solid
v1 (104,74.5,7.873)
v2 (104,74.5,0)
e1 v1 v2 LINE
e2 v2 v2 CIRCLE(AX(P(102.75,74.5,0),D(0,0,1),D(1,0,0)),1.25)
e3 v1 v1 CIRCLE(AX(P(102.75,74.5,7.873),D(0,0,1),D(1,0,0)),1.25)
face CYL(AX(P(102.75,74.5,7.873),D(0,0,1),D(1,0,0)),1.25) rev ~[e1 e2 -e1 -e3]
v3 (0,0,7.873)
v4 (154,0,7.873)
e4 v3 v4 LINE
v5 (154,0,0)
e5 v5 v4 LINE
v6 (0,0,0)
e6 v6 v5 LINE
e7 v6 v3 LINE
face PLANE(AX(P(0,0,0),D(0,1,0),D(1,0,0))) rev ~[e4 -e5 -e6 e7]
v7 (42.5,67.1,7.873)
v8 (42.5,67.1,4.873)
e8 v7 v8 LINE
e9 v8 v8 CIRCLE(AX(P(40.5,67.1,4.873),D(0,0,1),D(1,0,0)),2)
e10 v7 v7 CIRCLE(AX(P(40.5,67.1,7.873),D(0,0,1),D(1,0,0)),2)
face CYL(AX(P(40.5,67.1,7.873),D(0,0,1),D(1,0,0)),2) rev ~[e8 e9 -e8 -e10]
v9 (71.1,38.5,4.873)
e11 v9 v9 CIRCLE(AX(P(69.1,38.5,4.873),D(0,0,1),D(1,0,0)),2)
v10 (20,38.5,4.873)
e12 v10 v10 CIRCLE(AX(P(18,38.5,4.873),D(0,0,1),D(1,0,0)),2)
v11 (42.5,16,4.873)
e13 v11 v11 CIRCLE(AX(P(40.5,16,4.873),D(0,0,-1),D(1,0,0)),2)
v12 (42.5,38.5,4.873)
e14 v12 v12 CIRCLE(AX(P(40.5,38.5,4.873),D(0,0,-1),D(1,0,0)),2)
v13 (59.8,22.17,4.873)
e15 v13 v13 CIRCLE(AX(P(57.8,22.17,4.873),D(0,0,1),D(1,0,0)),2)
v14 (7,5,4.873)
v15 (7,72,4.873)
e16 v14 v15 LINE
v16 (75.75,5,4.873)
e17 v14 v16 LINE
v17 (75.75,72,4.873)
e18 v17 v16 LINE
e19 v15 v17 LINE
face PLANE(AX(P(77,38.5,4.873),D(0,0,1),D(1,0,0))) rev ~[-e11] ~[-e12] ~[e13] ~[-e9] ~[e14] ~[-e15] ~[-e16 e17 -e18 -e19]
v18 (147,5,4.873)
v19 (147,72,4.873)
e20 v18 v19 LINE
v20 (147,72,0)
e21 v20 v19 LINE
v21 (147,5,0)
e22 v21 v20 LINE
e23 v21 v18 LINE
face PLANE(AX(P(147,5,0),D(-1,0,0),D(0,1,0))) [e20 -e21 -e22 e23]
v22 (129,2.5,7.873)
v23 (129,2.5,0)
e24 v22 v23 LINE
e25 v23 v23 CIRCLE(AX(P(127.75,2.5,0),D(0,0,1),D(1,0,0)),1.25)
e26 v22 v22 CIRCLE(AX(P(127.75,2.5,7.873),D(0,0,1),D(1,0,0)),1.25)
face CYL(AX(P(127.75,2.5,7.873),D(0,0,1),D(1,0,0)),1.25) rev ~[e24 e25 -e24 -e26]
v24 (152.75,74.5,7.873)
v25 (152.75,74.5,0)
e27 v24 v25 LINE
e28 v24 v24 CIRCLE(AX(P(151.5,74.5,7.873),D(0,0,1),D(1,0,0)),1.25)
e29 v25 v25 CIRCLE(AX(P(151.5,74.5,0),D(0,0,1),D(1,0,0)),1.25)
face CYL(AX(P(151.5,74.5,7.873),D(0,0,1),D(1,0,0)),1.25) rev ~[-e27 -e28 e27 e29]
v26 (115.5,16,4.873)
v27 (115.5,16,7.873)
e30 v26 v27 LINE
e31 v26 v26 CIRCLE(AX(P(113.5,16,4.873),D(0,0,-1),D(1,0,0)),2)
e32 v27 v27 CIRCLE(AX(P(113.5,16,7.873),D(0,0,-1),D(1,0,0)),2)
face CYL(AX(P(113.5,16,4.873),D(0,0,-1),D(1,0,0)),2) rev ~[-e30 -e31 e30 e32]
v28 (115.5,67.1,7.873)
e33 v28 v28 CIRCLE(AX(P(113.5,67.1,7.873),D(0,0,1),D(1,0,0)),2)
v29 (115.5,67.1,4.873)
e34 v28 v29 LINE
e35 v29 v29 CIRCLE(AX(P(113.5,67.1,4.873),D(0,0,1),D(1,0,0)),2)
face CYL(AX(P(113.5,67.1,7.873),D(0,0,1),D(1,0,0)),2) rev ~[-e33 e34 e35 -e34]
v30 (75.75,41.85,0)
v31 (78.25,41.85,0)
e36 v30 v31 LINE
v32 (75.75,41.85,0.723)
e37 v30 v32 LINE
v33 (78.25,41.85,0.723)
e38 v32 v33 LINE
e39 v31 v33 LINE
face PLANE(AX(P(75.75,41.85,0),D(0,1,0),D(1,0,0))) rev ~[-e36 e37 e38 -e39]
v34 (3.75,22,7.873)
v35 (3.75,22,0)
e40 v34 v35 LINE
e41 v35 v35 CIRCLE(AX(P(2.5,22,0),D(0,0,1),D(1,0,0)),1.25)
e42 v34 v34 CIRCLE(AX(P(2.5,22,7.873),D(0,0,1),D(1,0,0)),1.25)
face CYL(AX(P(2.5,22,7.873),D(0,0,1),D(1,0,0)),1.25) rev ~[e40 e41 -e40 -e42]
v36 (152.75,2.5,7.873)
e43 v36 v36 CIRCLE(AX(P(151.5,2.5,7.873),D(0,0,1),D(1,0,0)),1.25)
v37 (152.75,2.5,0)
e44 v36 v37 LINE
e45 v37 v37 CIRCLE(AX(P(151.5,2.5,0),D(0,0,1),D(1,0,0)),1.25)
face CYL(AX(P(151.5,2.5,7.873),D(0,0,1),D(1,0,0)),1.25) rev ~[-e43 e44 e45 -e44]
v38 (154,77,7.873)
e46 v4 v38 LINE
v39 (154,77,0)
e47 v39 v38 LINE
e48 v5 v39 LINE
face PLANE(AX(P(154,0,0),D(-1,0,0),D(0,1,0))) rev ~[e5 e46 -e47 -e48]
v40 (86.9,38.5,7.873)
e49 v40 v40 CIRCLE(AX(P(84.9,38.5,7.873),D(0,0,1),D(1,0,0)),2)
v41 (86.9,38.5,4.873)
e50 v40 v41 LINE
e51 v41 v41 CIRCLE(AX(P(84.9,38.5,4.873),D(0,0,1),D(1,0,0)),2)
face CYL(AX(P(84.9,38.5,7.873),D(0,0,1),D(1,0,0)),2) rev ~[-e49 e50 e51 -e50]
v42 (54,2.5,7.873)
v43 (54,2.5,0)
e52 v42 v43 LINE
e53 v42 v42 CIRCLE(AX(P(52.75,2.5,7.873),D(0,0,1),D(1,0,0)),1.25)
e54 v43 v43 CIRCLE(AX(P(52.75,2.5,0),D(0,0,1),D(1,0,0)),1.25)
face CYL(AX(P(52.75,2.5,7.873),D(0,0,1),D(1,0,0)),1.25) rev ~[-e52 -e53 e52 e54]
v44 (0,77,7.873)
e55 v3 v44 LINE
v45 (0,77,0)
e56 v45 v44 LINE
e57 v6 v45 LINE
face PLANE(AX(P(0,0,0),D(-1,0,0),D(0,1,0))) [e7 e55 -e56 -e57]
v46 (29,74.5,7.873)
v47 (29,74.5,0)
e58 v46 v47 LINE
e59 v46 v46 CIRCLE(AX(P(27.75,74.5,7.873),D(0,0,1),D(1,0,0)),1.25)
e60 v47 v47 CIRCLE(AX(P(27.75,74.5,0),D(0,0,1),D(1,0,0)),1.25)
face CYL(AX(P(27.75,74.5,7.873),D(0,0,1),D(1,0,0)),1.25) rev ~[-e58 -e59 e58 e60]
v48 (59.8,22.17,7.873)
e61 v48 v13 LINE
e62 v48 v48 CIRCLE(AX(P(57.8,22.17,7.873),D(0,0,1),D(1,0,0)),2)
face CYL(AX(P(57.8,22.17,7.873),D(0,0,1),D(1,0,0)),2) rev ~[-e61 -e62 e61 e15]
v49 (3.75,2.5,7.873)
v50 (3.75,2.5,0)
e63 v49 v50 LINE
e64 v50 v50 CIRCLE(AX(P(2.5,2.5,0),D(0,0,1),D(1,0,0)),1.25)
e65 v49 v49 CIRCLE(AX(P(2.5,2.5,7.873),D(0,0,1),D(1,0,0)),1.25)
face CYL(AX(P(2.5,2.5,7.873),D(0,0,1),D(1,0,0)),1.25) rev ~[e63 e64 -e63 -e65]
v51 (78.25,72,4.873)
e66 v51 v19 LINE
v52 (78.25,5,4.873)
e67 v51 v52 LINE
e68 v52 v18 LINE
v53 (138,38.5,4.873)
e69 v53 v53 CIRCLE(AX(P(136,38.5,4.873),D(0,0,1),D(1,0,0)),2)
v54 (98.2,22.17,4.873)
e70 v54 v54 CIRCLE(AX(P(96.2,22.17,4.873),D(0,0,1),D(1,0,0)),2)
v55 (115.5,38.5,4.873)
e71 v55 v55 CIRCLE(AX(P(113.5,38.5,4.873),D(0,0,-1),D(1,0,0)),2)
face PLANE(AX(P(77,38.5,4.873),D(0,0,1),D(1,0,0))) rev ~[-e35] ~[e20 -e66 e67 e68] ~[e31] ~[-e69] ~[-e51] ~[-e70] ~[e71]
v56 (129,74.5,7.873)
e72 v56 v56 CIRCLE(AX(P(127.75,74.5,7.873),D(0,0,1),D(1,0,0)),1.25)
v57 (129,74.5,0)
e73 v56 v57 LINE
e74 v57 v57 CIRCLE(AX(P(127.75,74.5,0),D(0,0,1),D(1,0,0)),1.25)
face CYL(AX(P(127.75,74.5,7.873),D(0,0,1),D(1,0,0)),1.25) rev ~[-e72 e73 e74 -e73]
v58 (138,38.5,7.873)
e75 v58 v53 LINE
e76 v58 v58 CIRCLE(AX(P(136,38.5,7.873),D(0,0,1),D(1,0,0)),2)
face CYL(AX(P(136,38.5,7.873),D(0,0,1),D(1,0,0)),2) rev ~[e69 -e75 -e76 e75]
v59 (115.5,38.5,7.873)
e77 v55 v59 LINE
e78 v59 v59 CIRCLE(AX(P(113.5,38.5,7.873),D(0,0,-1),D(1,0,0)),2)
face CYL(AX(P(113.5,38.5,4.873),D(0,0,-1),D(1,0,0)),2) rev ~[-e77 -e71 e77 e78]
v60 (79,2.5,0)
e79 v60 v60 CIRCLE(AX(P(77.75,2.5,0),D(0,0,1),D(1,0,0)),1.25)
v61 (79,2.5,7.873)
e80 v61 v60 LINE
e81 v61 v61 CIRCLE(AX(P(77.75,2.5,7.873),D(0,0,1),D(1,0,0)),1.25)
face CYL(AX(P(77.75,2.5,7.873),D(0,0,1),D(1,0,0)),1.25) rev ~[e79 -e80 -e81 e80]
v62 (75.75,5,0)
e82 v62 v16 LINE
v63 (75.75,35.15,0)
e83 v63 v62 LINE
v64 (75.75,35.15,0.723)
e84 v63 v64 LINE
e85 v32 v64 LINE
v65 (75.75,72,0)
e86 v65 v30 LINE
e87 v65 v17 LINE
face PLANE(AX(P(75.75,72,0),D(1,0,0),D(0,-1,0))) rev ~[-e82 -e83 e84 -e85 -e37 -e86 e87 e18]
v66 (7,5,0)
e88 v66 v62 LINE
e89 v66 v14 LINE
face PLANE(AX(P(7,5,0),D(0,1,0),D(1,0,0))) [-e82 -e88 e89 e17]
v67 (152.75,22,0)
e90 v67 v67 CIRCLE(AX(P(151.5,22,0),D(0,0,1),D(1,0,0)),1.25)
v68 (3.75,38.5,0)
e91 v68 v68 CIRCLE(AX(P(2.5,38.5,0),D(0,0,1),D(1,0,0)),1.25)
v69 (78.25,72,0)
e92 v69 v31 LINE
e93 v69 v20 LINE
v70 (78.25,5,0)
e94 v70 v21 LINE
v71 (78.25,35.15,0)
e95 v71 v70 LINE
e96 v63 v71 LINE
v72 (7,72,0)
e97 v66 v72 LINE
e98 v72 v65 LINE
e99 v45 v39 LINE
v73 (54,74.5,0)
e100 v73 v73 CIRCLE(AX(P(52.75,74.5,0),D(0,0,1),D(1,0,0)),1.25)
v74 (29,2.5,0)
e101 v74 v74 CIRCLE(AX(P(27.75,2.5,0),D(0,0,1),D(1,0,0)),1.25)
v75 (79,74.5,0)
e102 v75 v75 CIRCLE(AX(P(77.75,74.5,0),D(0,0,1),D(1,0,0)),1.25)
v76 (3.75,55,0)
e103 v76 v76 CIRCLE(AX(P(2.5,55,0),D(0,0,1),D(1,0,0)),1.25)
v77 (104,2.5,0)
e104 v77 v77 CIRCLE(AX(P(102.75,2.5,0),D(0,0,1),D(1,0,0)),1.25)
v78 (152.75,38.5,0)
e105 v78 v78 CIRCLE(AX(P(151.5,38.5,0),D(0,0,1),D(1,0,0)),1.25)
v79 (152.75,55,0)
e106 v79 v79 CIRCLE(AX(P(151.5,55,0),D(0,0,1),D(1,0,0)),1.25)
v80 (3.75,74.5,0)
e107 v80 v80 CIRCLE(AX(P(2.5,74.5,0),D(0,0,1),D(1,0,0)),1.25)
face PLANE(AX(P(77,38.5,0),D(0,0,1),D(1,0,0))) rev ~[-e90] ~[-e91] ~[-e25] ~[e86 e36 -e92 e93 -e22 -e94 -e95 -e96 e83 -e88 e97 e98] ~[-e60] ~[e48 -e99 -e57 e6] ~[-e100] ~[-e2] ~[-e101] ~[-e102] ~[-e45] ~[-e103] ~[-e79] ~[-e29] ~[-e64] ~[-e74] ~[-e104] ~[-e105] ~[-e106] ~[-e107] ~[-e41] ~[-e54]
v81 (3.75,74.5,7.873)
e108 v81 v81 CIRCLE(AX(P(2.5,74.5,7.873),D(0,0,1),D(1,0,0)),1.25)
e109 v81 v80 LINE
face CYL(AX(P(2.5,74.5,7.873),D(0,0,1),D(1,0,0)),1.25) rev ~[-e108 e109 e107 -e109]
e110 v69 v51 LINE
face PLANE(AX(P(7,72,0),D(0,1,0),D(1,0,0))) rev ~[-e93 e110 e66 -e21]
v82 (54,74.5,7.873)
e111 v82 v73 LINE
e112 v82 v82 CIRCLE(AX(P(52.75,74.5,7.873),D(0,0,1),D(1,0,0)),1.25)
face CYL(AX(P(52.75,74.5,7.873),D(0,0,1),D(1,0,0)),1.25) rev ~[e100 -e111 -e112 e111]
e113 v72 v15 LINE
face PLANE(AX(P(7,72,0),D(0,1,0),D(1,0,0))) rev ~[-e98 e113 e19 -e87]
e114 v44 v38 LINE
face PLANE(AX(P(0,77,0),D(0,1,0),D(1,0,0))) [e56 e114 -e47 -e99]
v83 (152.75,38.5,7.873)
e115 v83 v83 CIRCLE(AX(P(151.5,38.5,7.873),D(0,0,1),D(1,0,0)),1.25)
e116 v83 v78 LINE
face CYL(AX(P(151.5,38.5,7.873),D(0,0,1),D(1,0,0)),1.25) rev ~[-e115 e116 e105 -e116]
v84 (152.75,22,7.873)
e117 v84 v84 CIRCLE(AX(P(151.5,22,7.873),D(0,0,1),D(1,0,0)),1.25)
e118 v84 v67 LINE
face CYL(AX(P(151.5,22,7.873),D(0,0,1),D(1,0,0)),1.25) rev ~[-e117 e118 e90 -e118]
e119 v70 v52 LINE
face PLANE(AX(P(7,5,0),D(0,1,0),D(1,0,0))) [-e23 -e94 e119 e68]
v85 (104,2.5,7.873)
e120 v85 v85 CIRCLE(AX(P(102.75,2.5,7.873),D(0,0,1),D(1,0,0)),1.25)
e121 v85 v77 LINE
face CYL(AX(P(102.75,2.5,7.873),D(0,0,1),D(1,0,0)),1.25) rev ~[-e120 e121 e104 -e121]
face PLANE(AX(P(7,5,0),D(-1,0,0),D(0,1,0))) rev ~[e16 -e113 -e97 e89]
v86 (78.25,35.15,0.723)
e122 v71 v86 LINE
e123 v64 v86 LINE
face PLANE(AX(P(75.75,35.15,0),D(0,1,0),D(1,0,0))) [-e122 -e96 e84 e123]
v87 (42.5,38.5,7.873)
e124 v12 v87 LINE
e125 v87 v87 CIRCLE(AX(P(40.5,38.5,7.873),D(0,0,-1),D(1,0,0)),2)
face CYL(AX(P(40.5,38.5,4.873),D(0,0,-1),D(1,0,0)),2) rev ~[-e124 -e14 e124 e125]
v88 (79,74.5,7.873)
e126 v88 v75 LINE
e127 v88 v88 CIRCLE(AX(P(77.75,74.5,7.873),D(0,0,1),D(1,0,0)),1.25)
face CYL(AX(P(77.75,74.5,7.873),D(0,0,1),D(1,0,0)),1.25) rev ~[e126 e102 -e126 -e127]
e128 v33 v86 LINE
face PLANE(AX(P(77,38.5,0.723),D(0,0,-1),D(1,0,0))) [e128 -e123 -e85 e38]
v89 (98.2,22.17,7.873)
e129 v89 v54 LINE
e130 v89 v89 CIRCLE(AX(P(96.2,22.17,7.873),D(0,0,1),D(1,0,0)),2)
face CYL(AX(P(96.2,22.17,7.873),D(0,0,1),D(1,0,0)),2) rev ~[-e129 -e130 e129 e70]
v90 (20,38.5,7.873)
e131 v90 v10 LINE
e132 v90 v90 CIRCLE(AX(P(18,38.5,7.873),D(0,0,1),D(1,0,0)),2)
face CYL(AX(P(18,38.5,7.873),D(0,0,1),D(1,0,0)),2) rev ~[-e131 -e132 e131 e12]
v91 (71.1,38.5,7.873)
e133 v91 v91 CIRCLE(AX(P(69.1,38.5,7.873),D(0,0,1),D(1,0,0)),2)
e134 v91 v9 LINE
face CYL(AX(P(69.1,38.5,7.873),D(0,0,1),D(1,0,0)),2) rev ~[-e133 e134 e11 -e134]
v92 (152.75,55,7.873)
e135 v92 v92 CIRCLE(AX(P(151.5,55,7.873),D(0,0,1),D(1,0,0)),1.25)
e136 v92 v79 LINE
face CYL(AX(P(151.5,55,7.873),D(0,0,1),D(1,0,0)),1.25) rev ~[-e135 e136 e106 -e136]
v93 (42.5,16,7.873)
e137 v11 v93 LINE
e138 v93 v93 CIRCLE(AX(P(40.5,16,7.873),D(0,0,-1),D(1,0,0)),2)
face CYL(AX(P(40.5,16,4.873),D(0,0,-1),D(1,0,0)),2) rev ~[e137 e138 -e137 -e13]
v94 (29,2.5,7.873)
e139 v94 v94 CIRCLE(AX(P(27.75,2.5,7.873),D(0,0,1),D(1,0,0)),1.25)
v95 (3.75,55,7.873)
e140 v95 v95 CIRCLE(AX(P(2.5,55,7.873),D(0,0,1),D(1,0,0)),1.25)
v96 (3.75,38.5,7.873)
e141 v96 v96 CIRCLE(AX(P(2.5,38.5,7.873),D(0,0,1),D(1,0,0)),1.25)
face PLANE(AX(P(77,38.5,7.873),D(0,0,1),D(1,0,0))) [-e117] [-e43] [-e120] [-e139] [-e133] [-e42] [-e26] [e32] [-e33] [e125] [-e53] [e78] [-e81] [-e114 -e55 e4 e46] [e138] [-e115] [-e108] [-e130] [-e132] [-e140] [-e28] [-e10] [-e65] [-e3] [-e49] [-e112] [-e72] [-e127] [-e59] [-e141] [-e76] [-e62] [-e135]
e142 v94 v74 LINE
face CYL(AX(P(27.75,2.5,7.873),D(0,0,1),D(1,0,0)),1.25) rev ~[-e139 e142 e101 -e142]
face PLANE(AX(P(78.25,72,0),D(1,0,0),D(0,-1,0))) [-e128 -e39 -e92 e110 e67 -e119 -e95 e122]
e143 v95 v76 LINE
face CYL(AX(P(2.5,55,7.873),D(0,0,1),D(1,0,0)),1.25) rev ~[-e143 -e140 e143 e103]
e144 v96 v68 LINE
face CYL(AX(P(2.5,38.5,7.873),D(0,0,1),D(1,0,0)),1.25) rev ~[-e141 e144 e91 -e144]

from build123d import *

# Parameters (mm, degrees)
F0_W      = 154
F0_H      = 77
F1_DEPTH  = 7.873
F2_W      = 140
F2_H      = 67
F3_DEPTH  = 4.873
F4_R      = 1.25
F5_DEPTH  = 7.873
F6_R      = 1.25
F7_DEPTH  = 7.873
F8_R      = 1.25
F9_DEPTH  = 7.873
F10_R     = 1.25
F11_DEPTH = 7.873
F12_R     = 1.25
F13_DEPTH = 7.873
F14_R     = 1.25
F15_DEPTH = 7.873
F16_R     = 1.25
F17_DEPTH = 7.873
F18_R     = 1.25
F19_DEPTH = 7.873
F20_R     = 1.25
F21_DEPTH = 7.873
F22_R     = 1.25
F23_DEPTH = 7.873
F24_R     = 1.25
F25_DEPTH = 7.873
F26_R     = 1.25
F27_DEPTH = 7.873
F28_R     = 1.25
F29_DEPTH = 7.873
F30_R     = 1.25
F31_DEPTH = 7.873
F32_R     = 1.25
F33_DEPTH = 7.873
F34_R     = 1.25
F35_DEPTH = 7.873
F36_R     = 1.25
F37_DEPTH = 7.873
F38_R     = 1.25
F39_DEPTH = 7.873
F40_R     = 1.25
F41_DEPTH = 7.873
F42_R     = 1.25
F43_DEPTH = 7.873
F44_R     = 2
F45_DEPTH = 3
F46_R     = 2
F47_DEPTH = 3
F48_R     = 2
F49_DEPTH = 3
F50_R     = 2
F51_DEPTH = 3
F52_R     = 2
F53_DEPTH = 3
F54_R     = 2
F55_DEPTH = 3
F56_R     = 2
F57_DEPTH = 3
F58_R     = 2
F59_DEPTH = 3
F61_R     = 2
F62_DEPTH = 3
F64_R     = 2
F65_DEPTH = 3
F66_R     = 2
F67_DEPTH = 3
F63_R     = 2
F68_DEPTH = 3
F69_W     = 2.5
F69_H     = 67
F70_DEPTH = 4.873
F60_W     = 2.5
F60_H     = 6.7
F71_DEPTH = 0.723


with BuildPart() as f1:
    # F0 (on Top) → F1 (new body)
    with BuildSketch(Plane.XY):
        with Locations((77, 38.5)):
            Rectangle(F0_W, F0_H)
    extrude(amount=F1_DEPTH)

    # F2 (on Top) → F3 (cut)
    with BuildSketch(Plane.XY):
        with Locations((77, 38.5)):
            Rectangle(F2_W, F2_H)
    extrude(amount=F3_DEPTH, mode=Mode.SUBTRACT)

    # F4 (on face) → F5 (cut)
    with BuildSketch(Plane.XY.offset(7.873)):
        with Locations((2.5, 2.5)):
            Circle(F4_R)
    extrude(amount=-F5_DEPTH, mode=Mode.SUBTRACT)

    # F6 (on face) → F7 (cut)
    with BuildSketch(Plane.XY.offset(7.873)):
        with Locations((27.75, 2.5)):
            Circle(F6_R)
    extrude(amount=-F7_DEPTH, mode=Mode.SUBTRACT)

    # F8 (on face) → F9 (cut)
    with BuildSketch(Plane.XY.offset(7.873)):
        with Locations((52.75, 2.5)):
            Circle(F8_R)
    extrude(amount=-F9_DEPTH, mode=Mode.SUBTRACT)

    # F10 (on face) → F11 (cut)
    with BuildSketch(Plane.XY.offset(7.873)):
        with Locations((77.75, 2.5)):
            Circle(F10_R)
    extrude(amount=-F11_DEPTH, mode=Mode.SUBTRACT)

    # F12 (on face) → F13 (cut)
    with BuildSketch(Plane.XY.offset(7.873)):
        with Locations((102.75, 2.5)):
            Circle(F12_R)
    extrude(amount=-F13_DEPTH, mode=Mode.SUBTRACT)

    # F14 (on face) → F15 (cut)
    with BuildSketch(Plane.XY.offset(7.873)):
        with Locations((127.75, 2.5)):
            Circle(F14_R)
    extrude(amount=-F15_DEPTH, mode=Mode.SUBTRACT)

    # F16 (on face) → F17 (cut)
    with BuildSketch(Plane.XY.offset(7.873)):
        with Locations((151.5, 2.5)):
            Circle(F16_R)
    extrude(amount=-F17_DEPTH, mode=Mode.SUBTRACT)

    # F18 (on face) → F19 (cut)
    with BuildSketch(Plane.XY.offset(7.873)):
        with Locations((2.5, 22)):
            Circle(F18_R)
    extrude(amount=-F19_DEPTH, mode=Mode.SUBTRACT)

    # F20 (on face) → F21 (cut)
    with BuildSketch(Plane.XY.offset(7.873)):
        with Locations((151.5, 22)):
            Circle(F20_R)
    extrude(amount=-F21_DEPTH, mode=Mode.SUBTRACT)

    # F22 (on face) → F23 (cut)
    with BuildSketch(Plane.XY.offset(7.873)):
        with Locations((151.5, 38.5)):
            Circle(F22_R)
    extrude(amount=-F23_DEPTH, mode=Mode.SUBTRACT)

    # F24 (on face) → F25 (cut)
    with BuildSketch(Plane.XY.offset(7.873)):
        with Locations((2.5, 38.5)):
            Circle(F24_R)
    extrude(amount=-F25_DEPTH, mode=Mode.SUBTRACT)

    # F26 (on face) → F27 (cut)
    with BuildSketch(Plane.XY.offset(7.873)):
        with Locations((2.5, 55)):
            Circle(F26_R)
    extrude(amount=-F27_DEPTH, mode=Mode.SUBTRACT)

    # F28 (on face) → F29 (cut)
    with BuildSketch(Plane.XY.offset(7.873)):
        with Locations((151.5, 55)):
            Circle(F28_R)
    extrude(amount=-F29_DEPTH, mode=Mode.SUBTRACT)

    # F30 (on face) → F31 (cut)
    with BuildSketch(Plane.XY.offset(7.873)):
        with Locations((2.5, 74.5)):
            Circle(F30_R)
    extrude(amount=-F31_DEPTH, mode=Mode.SUBTRACT)

    # F32 (on face) → F33 (cut)
    with BuildSketch(Plane.XY.offset(7.873)):
        with Locations((151.5, 74.5)):
            Circle(F32_R)
    extrude(amount=-F33_DEPTH, mode=Mode.SUBTRACT)

    # F34 (on face) → F35 (cut)
    with BuildSketch(Plane.XY.offset(7.873)):
        with Locations((27.75, 74.5)):
            Circle(F34_R)
    extrude(amount=-F35_DEPTH, mode=Mode.SUBTRACT)

    # F36 (on face) → F37 (cut)
    with BuildSketch(Plane.XY.offset(7.873)):
        with Locations((127.75, 74.5)):
            Circle(F36_R)
    extrude(amount=-F37_DEPTH, mode=Mode.SUBTRACT)

    # F38 (on face) → F39 (cut)
    with BuildSketch(Plane.XY.offset(7.873)):
        with Locations((102.75, 74.5)):
            Circle(F38_R)
    extrude(amount=-F39_DEPTH, mode=Mode.SUBTRACT)

    # F40 (on face) → F41 (cut)
    with BuildSketch(Plane.XY.offset(7.873)):
        with Locations((52.75, 74.5)):
            Circle(F40_R)
    extrude(amount=-F41_DEPTH, mode=Mode.SUBTRACT)

    # F42 (on face) → F43 (cut)
    with BuildSketch(Plane.XY.offset(7.873)):
        with Locations((77.75, 74.5)):
            Circle(F42_R)
    extrude(amount=-F43_DEPTH, mode=Mode.SUBTRACT)

    # F44 (on face) → F45 (cut)
    with BuildSketch(Plane.XY.offset(7.873)):
        with Locations((40.5, 67.1)):
            Circle(F44_R)
    extrude(amount=-F45_DEPTH, mode=Mode.SUBTRACT)

    # F46 (on face) → F47 (cut)
    with BuildSketch(Plane.XY.offset(7.873)):
        with Locations((18, 38.5)):
            Circle(F46_R)
    extrude(amount=-F47_DEPTH, mode=Mode.SUBTRACT)

    # F48 (on face) → F49 (cut)
    with BuildSketch(Plane.XY.offset(7.873)):
        with Locations((69.1, 38.5)):
            Circle(F48_R)
    extrude(amount=-F49_DEPTH, mode=Mode.SUBTRACT)

    # F50 (on face) → F51 (cut)
    with BuildSketch(Plane.XY.offset(7.873)):
        with Locations((113.5, 67.1)):
            Circle(F50_R)
    extrude(amount=-F51_DEPTH, mode=Mode.SUBTRACT)

    # F52 (on face) → F53 (cut)
    with BuildSketch(Plane.XY.offset(7.873)):
        with Locations((84.9, 38.5)):
            Circle(F52_R)
    extrude(amount=-F53_DEPTH, mode=Mode.SUBTRACT)

    # F54 (on face) → F55 (cut)
    with BuildSketch(Plane.XY.offset(7.873)):
        with Locations((136, 38.5)):
            Circle(F54_R)
    extrude(amount=-F55_DEPTH, mode=Mode.SUBTRACT)

    # F56 (on face) → F57 (cut)
    with BuildSketch(Plane.XY.offset(7.873)):
        with Locations((57.8, 22.17)):
            Circle(F56_R)
    extrude(amount=-F57_DEPTH, mode=Mode.SUBTRACT)

    # F58 (on face) → F59 (cut)
    with BuildSketch(Plane.XY.offset(7.873)):
        with Locations((96.2, 22.17)):
            Circle(F58_R)
    extrude(amount=-F59_DEPTH, mode=Mode.SUBTRACT)

    # F61 (on face) → F62 (cut)
    with BuildSketch(Plane(origin=(0, 0, 4.873), x_dir=(1, 0, 0), z_dir=(0, 0, -1))):
        with Locations((40.5, -16)):
            Circle(F61_R)
    extrude(amount=-F62_DEPTH, mode=Mode.SUBTRACT)

    # F64 (on face) → F65 (cut)
    with BuildSketch(Plane(origin=(0, 0, 4.873), x_dir=(1, 0, 0), z_dir=(0, 0, -1))):
        with Locations((113.5, -38.5)):
            Circle(F64_R)
    extrude(amount=-F65_DEPTH, mode=Mode.SUBTRACT)

    # F66 (on face) → F67 (cut)
    with BuildSketch(Plane(origin=(0, 0, 4.873), x_dir=(1, 0, 0), z_dir=(0, 0, -1))):
        with Locations((113.5, -16)):
            Circle(F66_R)
    extrude(amount=-F67_DEPTH, mode=Mode.SUBTRACT)

    # F63 (on face) → F68 (cut)
    with BuildSketch(Plane(origin=(0, 0, 4.873), x_dir=(1, 0, 0), z_dir=(0, 0, -1))):
        with Locations((40.5, -38.5)):
            Circle(F63_R)
    extrude(amount=-F68_DEPTH, mode=Mode.SUBTRACT)

    # F69 (on face) → F70 (join)
    with BuildSketch(Plane(origin=(0, 0, 0), x_dir=(1, 0, 0), z_dir=(0, 0, -1))):
        with Locations((77, -38.5)):
            Rectangle(F69_W, F69_H)
    extrude(amount=-F70_DEPTH)

    # F60 (on face) → F71 (cut)
    with BuildSketch(Plane(origin=(0, 0, 0), x_dir=(1, 0, 0), z_dir=(0, 0, -1))):
        with Locations((77, -38.5)):
            Rectangle(F60_W, F60_H)
    extrude(amount=-F71_DEPTH, mode=Mode.SUBTRACT)


solid = f1.part
